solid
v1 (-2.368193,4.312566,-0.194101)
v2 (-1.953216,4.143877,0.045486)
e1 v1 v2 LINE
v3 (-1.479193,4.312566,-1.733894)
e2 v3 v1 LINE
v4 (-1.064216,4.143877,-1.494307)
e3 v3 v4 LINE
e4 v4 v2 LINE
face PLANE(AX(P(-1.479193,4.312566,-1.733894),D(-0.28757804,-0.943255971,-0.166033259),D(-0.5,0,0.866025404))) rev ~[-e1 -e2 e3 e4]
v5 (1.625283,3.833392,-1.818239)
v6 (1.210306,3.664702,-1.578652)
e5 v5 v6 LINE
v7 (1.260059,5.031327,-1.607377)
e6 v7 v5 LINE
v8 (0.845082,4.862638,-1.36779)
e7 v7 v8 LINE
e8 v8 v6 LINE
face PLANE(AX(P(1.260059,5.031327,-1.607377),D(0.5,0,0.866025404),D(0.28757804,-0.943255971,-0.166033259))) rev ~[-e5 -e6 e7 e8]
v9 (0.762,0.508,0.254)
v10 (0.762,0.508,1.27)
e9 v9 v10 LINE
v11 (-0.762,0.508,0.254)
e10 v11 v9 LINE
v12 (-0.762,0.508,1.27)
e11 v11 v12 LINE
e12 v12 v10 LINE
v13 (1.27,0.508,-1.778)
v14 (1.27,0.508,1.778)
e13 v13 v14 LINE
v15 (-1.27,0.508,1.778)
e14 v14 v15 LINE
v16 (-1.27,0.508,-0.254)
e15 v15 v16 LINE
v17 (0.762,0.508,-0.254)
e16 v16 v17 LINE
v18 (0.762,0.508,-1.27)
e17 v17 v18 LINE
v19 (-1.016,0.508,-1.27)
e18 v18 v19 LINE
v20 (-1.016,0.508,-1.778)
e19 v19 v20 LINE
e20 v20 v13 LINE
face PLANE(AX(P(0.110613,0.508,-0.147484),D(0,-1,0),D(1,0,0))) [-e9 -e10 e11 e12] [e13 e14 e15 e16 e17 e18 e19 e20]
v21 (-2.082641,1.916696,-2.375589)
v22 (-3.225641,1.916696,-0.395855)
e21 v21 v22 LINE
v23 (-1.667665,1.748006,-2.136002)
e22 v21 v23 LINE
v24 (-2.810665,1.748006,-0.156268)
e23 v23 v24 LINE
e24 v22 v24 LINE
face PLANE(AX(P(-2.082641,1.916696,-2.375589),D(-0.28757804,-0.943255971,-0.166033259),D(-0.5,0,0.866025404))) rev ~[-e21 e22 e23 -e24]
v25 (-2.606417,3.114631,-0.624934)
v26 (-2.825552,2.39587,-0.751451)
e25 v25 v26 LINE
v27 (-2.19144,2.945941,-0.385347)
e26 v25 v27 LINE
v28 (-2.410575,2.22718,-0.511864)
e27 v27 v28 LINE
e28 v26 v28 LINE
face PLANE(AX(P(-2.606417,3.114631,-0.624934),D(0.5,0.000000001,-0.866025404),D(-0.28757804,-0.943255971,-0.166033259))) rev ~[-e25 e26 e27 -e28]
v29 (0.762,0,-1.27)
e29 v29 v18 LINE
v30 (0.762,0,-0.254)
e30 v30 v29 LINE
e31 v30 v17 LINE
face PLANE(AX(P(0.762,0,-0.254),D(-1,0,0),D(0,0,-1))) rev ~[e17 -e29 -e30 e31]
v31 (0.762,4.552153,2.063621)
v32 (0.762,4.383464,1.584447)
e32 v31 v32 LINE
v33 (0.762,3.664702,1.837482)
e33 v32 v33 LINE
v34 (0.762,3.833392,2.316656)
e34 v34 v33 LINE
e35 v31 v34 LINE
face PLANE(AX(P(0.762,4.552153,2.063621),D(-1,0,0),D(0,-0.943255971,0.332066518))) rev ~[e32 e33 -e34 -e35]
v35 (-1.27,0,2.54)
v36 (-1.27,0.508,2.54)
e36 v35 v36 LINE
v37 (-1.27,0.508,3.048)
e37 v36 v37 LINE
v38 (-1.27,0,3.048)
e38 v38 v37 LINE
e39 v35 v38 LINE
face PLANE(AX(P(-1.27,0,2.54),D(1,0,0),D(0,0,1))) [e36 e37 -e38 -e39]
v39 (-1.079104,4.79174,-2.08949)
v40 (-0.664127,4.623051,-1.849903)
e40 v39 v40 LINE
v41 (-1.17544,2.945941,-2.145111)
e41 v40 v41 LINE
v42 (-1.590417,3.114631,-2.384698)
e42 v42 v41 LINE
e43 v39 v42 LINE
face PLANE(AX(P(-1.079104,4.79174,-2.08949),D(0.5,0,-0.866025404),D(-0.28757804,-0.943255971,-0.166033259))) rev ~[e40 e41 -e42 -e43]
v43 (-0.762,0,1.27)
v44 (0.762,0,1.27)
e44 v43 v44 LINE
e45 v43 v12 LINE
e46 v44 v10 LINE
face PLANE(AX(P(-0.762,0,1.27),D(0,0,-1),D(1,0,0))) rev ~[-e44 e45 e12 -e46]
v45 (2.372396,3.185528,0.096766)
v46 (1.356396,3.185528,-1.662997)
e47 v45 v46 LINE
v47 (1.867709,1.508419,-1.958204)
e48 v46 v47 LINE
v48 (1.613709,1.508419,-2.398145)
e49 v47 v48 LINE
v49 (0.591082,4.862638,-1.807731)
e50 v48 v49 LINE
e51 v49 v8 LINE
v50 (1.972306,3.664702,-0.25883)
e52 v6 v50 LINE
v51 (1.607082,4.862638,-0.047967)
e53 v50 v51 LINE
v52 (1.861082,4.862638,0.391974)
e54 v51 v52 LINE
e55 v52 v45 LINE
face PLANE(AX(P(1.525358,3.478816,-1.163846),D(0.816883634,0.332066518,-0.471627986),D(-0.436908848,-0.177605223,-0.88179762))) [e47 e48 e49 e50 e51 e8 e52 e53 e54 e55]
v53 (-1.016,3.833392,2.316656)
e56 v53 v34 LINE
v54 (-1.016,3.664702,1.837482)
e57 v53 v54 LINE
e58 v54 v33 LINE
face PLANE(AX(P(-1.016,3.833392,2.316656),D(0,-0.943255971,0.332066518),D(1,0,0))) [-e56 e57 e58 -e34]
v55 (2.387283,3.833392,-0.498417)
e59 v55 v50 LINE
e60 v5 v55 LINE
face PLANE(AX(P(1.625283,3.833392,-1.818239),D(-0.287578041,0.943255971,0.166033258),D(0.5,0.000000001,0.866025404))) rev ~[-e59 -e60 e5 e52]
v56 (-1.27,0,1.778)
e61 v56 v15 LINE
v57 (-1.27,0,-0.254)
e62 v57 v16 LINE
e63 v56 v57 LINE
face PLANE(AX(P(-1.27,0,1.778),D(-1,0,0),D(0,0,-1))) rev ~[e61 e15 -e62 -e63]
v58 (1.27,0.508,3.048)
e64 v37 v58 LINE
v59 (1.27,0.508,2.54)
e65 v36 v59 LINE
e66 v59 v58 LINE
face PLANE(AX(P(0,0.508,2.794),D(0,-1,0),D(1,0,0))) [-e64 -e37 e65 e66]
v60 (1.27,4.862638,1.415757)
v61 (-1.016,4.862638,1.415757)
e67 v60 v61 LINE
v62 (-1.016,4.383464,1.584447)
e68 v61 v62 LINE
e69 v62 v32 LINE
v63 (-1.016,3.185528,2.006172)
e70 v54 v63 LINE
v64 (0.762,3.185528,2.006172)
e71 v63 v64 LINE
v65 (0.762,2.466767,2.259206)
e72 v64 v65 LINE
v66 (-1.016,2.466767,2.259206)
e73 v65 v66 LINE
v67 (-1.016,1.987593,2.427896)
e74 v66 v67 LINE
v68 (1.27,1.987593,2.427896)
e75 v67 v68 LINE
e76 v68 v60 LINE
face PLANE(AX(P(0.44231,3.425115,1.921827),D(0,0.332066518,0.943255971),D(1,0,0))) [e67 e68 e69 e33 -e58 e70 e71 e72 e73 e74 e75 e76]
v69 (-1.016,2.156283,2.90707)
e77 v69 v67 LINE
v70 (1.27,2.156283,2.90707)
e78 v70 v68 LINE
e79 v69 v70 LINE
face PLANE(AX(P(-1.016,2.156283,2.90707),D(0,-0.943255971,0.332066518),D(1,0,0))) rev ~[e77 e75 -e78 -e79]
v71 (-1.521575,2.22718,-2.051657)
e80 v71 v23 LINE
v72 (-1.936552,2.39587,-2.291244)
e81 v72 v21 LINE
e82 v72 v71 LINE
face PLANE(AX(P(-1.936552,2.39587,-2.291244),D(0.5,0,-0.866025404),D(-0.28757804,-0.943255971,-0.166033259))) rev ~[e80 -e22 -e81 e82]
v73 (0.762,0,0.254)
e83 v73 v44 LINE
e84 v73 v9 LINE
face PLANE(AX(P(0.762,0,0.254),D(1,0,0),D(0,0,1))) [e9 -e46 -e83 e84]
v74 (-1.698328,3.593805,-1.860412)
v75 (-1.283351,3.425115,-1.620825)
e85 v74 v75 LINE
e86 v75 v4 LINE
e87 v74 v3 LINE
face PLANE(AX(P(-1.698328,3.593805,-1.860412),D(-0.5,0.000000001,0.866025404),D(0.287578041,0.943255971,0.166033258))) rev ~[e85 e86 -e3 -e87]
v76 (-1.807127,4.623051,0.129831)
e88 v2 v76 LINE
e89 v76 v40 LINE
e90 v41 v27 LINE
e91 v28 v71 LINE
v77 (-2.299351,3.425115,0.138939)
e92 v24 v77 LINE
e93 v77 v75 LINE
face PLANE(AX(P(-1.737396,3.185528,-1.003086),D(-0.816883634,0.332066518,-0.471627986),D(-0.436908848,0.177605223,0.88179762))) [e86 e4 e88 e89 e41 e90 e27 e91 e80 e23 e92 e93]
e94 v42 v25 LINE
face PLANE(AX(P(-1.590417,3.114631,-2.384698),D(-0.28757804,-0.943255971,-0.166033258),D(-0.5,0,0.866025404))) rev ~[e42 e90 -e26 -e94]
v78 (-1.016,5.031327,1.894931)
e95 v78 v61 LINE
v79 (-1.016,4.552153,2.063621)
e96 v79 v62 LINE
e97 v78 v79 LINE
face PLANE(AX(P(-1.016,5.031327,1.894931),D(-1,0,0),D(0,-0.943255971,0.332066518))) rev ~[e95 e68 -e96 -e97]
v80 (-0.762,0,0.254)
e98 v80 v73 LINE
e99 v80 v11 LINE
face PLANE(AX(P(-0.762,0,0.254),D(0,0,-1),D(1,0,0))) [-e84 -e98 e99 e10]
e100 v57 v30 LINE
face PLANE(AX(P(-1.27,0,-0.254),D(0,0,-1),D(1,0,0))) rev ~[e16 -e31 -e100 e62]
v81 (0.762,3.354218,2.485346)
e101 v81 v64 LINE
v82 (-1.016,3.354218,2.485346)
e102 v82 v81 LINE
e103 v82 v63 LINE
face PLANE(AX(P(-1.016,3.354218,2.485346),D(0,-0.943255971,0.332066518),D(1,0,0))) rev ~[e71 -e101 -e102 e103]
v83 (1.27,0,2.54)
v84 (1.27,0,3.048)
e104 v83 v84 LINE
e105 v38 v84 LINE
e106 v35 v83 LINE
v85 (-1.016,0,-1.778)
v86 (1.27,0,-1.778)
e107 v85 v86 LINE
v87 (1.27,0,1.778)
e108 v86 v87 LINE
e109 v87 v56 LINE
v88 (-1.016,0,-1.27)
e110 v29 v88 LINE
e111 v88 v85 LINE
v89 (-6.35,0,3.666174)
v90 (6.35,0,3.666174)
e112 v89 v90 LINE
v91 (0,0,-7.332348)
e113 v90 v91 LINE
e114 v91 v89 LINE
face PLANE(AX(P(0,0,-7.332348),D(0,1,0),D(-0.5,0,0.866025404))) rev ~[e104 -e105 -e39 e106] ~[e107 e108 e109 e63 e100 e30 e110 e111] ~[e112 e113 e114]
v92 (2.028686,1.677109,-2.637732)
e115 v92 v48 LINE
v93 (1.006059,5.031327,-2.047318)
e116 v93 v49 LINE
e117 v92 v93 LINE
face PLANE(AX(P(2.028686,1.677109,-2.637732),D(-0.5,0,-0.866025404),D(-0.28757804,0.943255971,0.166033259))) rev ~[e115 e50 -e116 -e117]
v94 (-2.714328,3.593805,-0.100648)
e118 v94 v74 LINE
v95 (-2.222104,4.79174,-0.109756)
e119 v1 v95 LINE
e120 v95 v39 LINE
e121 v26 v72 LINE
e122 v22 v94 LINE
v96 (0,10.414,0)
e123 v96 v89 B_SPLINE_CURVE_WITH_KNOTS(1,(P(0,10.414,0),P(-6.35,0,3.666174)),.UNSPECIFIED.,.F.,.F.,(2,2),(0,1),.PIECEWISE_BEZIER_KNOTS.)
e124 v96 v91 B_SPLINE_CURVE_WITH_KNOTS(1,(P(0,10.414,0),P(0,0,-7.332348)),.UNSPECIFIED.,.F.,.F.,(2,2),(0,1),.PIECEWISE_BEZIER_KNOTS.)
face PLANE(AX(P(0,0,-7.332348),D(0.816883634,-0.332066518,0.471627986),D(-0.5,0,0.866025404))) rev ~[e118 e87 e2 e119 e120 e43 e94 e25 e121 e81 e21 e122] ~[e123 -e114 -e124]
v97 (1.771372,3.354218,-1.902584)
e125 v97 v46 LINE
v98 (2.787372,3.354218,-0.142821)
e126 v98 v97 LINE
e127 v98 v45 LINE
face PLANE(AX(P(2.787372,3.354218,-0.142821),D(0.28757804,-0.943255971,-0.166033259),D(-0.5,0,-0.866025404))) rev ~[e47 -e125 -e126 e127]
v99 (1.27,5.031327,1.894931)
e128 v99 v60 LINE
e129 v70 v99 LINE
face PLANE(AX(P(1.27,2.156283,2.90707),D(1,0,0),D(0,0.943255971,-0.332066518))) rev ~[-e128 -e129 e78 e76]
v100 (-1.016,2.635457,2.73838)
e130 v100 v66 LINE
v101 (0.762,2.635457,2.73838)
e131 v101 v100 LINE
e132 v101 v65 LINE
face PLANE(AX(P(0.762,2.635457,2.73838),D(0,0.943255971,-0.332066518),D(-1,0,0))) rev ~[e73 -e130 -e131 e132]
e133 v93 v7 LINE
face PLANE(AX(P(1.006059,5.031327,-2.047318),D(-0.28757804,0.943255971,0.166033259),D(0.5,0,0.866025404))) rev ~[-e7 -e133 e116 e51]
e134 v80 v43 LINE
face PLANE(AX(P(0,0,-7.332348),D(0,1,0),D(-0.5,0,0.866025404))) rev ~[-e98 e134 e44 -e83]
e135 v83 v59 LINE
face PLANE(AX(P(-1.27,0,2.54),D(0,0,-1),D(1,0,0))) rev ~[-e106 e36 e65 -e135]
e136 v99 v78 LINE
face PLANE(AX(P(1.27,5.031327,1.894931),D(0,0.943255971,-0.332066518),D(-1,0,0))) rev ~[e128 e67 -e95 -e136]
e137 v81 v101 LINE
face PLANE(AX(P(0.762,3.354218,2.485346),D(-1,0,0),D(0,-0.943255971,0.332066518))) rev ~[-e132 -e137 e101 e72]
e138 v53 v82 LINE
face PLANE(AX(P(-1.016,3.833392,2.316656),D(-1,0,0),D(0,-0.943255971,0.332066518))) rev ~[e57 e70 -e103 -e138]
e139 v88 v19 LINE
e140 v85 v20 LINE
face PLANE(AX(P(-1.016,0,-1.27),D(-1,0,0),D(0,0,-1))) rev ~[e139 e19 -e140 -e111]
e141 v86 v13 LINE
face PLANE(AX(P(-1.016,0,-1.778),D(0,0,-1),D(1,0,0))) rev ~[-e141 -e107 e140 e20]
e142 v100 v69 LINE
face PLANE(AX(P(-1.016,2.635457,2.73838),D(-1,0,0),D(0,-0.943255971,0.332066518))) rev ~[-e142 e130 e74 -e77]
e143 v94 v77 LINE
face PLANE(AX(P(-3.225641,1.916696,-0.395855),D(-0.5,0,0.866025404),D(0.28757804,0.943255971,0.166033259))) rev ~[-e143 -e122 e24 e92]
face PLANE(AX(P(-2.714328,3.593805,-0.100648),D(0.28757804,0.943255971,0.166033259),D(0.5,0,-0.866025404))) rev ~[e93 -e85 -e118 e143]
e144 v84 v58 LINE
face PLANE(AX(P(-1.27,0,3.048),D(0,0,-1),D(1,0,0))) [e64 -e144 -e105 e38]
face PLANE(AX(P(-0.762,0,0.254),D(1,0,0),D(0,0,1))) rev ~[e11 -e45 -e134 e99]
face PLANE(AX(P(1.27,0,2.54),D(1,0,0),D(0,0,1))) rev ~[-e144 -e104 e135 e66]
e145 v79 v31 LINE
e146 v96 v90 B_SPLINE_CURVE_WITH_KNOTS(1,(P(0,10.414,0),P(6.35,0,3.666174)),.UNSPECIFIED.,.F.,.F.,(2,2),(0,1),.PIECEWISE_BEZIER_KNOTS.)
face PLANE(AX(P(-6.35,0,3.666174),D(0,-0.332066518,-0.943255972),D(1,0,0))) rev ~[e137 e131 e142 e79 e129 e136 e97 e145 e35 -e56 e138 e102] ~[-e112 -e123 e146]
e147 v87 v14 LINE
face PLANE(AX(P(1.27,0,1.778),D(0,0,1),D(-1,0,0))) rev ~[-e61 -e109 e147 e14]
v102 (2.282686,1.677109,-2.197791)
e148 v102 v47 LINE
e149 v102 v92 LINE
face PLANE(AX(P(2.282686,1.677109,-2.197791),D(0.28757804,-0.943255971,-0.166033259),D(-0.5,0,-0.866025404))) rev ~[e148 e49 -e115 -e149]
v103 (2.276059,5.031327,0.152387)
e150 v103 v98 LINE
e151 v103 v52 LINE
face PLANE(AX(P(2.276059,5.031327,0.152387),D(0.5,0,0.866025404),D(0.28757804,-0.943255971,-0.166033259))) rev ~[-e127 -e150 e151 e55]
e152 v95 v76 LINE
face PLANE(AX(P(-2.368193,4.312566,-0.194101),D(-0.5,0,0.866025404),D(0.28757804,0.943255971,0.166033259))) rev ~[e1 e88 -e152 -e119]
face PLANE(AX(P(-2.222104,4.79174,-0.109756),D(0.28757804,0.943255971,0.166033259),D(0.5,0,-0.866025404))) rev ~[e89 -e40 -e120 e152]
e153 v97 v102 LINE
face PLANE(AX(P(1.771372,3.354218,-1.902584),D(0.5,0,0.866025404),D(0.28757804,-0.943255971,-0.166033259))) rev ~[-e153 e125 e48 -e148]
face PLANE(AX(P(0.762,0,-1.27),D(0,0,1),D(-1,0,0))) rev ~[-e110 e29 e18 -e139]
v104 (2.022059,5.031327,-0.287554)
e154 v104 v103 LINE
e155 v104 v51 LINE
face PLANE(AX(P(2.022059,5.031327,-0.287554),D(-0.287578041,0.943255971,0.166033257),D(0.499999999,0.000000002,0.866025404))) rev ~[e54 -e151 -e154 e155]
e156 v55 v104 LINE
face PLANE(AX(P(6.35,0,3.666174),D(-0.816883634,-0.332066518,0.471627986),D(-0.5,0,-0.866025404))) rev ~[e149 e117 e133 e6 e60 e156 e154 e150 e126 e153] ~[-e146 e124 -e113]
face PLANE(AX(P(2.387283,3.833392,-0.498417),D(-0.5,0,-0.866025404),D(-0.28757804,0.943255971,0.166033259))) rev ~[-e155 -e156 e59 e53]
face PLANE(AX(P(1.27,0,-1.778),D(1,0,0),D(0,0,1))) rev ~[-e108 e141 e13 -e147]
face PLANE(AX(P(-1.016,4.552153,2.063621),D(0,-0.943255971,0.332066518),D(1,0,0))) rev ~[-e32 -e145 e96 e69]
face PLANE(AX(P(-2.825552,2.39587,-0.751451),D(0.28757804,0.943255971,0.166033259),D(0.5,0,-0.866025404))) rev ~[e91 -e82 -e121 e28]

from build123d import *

# Parameters (mm, degrees)
CUT_EXTRUDE1_DEPTH      = 0.508
CUT_EXTRUDE2_DEPTH      = 0.508
CUT_EXTRUDE3_DEPTH      = 0.508
CUT_EXTRUDE4_DEPTH      = 15.231557685
CUT_EXTRUDE4_DEPTH_BACK = 0.508
SKETCH8_W               = 2.54
SKETCH8_H               = 0.508
SKETCH8_W_2             = 1.524
SKETCH8_H_2             = 1.016


with BuildPart() as part:
    # Sketch1 → Loft1 section 0
    with BuildSketch(Plane(origin=(0, 0, 0), x_dir=(1, 0, 0), z_dir=(0, 1, 0)), mode=Mode.PRIVATE) as loft1_s0:
        with BuildLine():
            Line((0, 7.332348419), (-6.35, -3.666174209))
            Line((-6.35, -3.666174209), (6.35, -3.666174209))
            Line((6.35, -3.666174209), (0, 7.332348419))
        make_face()
    loft([Vertex(0, 10.414, 0), loft1_s0.sketch])

    # Sketch4 → Cut-Extrude1 (cut)
    with BuildSketch(Plane(origin=(0, 1.148332745, 3.26191188), x_dir=(1, 0, 0), z_dir=(6.377659034928701e-15, 0.3320665177261577, 0.9432559715184545))):
        Polygon((-1.016, 2.846586297), (-1.016, 2.338586297), (0.762, 2.338586297), (0.762, 1.576586297), (-1.016, 1.576586297), (-1.016, 1.068586297), (1.27, 1.068586297), (1.27, 4.116586297), (-1.016, 4.116586297), (-1.016, 3.608586297), (0.762, 3.608586297), (0.762, 2.846586297), align=None)
    extrude(amount=-CUT_EXTRUDE1_DEPTH, mode=Mode.SUBTRACT)

    # Sketch6 → Cut-Extrude2 (cut)
    with BuildSketch(Plane(origin=(2.824898553, 1.148332745, -1.63095594), x_dir=(-0.4369088483314536, -0.17760522289896655, -0.881797620233062), z_dir=(0.8168836336063492, 0.33206651772616136, -0.47162798575923026))):
        Polygon((0.212388142, 2.939147635), (-1.28435293, 2.652194393), (-1.523480632, 3.899478619), (-2.022394323, 3.803827539), (-1.68761554, 2.057629621), (0.308039223, 2.440233945), (0.642818006, 0.694036027), (1.141731697, 0.789687108), (0.47217413, 4.282082943), (-0.02673956, 4.186431862), align=None)
    extrude(amount=-CUT_EXTRUDE2_DEPTH, mode=Mode.SUBTRACT)

    # Sketch7 → Cut-Extrude3 (cut)
    with BuildSketch(Plane(origin=(-2.824898553, 1.148332745, -1.63095594), x_dir=(-0.43690884833145016, 0.17760522289896236, 0.8817976202330645), z_dir=(-0.8168836336063534, 0.3320665177261578, -0.47162798575922543))):
        Polygon((1.725111937, 3.602196234), (-0.519999671, 4.032626098), (-0.854778454, 2.28642818), (1.140876309, 1.903823857), (0.997399687, 1.155453321), (-0.74879823, 1.490232104), (-0.844449311, 0.991318413), (1.400662297, 0.560888549), (1.73544108, 2.307086467), (-0.260213682, 2.68969079), (-0.116737061, 3.438061326), (1.629460856, 3.103282543), align=None)
    extrude(amount=-CUT_EXTRUDE3_DEPTH, mode=Mode.SUBTRACT)

    # Sketch8 → Cut-Extrude4 (cut, two sides: drawn at the far end of the back side and taken through both)
    # profile 1 of 2: a face of its own
    with BuildSketch(Plane.XZ.offset(-CUT_EXTRUDE4_DEPTH_BACK)):
        with Locations((0, 2.794)):
            Rectangle(SKETCH8_W, SKETCH8_H)
    # profile 2 of 2: a face of its own
    with BuildSketch(Plane.XZ.offset(-CUT_EXTRUDE4_DEPTH_BACK)):
        Polygon((1.27, 1.778), (-1.27, 1.778), (-1.27, -0.254), (0.762, -0.254), (0.762, -1.27), (-1.016, -1.27), (-1.016, -1.778), (1.27, -1.778), align=None)
        with Locations((0, 0.762)):
            Rectangle(SKETCH8_W_2, SKETCH8_H_2, mode=Mode.SUBTRACT)
    extrude(amount=CUT_EXTRUDE4_DEPTH + CUT_EXTRUDE4_DEPTH_BACK, mode=Mode.SUBTRACT)


solid = part.part
